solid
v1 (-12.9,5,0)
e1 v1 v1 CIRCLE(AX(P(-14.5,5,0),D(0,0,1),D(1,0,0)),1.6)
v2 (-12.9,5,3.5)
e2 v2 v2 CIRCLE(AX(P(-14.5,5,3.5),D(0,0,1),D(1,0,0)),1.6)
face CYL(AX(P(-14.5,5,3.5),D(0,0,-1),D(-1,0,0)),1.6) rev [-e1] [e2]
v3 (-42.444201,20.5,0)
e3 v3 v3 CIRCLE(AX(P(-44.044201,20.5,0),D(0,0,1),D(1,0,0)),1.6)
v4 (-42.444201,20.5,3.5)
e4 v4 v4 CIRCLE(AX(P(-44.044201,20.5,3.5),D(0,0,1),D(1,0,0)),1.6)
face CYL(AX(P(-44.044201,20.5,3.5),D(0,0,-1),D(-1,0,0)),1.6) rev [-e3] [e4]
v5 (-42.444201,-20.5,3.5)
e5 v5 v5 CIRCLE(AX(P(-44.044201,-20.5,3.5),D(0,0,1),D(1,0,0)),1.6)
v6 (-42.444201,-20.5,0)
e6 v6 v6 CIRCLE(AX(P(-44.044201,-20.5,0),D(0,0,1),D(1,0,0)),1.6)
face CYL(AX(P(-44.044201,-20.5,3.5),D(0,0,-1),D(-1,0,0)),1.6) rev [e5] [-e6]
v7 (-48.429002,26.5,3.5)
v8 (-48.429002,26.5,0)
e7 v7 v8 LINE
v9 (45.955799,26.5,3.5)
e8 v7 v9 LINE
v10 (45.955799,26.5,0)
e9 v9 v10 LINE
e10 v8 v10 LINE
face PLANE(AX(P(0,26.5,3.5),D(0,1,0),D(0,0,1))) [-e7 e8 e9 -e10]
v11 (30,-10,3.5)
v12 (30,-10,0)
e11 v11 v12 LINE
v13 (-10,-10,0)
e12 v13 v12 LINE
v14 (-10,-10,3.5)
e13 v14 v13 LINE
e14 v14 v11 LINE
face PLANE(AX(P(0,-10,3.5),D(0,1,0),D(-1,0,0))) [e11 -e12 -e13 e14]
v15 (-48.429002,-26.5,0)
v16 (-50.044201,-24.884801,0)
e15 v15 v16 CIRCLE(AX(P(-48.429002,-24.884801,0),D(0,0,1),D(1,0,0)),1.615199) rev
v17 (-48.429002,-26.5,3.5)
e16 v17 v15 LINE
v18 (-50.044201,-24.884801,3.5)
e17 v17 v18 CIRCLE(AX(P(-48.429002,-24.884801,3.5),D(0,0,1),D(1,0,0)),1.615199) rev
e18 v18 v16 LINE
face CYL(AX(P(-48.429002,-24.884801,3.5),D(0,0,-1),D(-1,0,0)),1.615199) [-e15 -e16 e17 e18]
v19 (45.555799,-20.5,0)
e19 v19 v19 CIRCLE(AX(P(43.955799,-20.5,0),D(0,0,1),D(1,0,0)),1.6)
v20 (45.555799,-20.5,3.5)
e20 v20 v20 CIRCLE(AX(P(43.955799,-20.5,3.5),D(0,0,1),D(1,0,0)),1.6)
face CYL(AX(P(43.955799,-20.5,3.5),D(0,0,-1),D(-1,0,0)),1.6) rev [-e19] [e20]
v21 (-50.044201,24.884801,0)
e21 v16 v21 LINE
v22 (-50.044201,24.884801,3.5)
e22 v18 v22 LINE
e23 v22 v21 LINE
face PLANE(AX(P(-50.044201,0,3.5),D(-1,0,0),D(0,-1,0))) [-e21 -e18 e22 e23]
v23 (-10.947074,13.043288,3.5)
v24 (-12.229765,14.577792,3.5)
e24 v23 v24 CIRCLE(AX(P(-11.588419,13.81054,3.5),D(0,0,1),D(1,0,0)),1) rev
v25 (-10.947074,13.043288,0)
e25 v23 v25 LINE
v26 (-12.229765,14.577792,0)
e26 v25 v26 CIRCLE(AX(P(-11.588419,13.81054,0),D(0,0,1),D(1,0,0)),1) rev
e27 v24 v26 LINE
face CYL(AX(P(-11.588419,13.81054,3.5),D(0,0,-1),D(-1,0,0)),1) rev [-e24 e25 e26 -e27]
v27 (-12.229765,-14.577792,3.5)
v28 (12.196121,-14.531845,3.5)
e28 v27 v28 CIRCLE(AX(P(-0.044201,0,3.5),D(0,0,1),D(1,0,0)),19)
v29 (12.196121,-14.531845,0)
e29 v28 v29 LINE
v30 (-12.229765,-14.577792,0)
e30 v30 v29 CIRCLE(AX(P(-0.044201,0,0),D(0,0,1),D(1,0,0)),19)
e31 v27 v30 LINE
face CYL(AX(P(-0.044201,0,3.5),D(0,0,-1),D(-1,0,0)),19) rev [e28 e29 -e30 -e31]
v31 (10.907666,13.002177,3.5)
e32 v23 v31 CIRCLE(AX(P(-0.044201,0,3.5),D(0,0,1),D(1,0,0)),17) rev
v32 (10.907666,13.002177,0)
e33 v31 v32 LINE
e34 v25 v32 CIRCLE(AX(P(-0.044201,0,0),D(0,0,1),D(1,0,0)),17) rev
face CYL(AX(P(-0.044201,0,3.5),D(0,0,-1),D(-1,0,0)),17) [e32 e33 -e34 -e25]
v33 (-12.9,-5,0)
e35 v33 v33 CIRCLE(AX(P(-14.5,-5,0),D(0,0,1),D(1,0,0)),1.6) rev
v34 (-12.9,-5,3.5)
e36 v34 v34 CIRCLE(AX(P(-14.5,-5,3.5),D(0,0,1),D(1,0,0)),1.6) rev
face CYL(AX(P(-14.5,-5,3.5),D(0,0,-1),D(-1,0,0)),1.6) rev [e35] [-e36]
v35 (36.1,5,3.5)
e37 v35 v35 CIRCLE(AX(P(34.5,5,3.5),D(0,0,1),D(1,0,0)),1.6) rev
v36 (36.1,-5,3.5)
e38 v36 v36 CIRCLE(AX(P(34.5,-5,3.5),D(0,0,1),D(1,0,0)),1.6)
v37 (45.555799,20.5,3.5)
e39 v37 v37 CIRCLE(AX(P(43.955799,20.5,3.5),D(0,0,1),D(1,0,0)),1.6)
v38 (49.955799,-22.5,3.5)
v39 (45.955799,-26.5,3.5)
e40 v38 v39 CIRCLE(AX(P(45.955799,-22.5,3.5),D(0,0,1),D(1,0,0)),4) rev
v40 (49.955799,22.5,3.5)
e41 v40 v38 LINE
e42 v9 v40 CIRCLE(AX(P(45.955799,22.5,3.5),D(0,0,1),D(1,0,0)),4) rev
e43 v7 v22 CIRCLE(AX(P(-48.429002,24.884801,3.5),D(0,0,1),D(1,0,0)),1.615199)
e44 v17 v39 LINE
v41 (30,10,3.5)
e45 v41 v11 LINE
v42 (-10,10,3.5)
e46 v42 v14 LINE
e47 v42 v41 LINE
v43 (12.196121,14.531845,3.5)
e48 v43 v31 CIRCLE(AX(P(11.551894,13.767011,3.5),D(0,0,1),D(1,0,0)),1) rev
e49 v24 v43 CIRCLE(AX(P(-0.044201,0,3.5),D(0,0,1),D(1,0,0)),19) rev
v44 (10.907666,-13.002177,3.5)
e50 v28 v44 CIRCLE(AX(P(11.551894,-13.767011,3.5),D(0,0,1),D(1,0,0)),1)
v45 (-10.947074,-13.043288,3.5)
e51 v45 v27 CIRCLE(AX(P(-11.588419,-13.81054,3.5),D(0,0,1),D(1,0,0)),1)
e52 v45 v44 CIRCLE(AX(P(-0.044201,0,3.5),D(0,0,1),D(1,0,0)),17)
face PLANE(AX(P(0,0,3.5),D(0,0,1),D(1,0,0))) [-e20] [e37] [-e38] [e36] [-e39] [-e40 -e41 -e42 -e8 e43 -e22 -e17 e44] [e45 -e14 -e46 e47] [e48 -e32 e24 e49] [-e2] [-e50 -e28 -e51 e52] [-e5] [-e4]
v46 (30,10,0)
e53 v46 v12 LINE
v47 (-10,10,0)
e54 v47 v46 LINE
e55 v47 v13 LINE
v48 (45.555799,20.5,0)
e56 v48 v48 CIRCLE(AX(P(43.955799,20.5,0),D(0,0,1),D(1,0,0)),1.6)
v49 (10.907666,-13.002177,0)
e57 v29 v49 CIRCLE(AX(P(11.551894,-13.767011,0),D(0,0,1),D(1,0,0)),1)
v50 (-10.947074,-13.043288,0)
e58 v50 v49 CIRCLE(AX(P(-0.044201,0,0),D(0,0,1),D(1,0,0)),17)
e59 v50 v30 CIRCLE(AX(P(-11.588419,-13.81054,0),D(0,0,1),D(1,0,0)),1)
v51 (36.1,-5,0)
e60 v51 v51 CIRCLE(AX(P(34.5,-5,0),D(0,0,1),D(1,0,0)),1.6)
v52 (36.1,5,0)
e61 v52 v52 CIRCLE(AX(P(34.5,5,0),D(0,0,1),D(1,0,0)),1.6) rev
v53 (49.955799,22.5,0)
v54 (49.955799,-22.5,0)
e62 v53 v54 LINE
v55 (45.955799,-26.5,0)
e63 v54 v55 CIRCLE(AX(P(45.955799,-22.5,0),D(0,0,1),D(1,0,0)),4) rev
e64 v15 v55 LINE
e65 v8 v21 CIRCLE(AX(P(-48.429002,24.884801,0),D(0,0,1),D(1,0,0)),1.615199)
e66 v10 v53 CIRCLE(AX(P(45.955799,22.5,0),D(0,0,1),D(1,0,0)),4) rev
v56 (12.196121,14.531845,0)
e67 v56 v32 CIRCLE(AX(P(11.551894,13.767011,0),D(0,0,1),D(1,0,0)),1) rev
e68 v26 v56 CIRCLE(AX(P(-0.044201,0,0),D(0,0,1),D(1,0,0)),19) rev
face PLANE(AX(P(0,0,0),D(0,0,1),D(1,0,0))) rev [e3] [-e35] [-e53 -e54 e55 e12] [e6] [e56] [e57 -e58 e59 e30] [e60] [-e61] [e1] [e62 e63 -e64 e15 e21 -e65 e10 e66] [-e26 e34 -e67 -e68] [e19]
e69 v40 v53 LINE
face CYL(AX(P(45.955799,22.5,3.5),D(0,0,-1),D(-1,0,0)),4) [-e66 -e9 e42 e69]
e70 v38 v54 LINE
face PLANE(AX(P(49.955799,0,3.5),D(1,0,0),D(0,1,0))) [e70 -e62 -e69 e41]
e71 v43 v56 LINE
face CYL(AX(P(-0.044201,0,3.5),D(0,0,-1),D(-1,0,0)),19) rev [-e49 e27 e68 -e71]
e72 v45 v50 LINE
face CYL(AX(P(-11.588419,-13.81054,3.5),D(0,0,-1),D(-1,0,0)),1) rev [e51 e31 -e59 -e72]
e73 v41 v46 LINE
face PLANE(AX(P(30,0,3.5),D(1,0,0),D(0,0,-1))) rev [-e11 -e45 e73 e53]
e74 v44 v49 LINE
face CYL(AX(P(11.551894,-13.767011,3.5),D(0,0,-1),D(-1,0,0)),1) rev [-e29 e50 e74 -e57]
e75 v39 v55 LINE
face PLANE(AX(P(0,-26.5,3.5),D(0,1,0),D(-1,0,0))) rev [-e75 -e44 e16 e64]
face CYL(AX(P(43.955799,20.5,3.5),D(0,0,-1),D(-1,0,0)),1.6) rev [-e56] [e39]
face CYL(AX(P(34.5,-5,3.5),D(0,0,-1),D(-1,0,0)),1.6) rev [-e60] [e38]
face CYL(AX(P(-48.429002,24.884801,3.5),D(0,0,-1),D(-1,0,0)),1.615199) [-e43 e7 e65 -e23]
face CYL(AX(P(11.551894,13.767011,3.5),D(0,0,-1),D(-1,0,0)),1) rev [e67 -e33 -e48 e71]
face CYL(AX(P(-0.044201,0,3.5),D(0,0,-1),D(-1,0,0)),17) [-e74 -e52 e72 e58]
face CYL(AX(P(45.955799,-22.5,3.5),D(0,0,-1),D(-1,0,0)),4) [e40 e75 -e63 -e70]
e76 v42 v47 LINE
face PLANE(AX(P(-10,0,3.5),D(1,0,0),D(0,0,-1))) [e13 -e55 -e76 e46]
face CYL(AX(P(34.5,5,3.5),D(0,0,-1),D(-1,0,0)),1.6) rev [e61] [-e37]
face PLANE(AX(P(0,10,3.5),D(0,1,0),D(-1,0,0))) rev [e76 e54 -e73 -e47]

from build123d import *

# Parameters (mm, degrees)
SKETCH1_R           = 1.6
SKETCH1_W           = 40
SKETCH1_H           = 20
BOSS_EXTRUDE1_DEPTH = 3.5


with BuildPart() as part:
    # Sketch1 → Boss-Extrude1 (new body)
    with BuildSketch(Plane.XY):
        with BuildLine():
            ThreePointArc((-50.044200549, -24.884800983), (-49.571119709, -26.026919161), (-48.429001531, -26.5))
            Line((-48.429001531, -26.5), (45.955799451, -26.5))
            ThreePointArc((45.955799451, -26.5), (48.784226576, -25.328427125), (49.955799451, -22.5))
            Line((49.955799451, -22.5), (49.955799451, 22.5))
            ThreePointArc((49.955799451, 22.5), (48.784226576, 25.328427125), (45.955799451, 26.5))
            Line((45.955799451, 26.5), (-48.429001531, 26.5))
            ThreePointArc((-48.429001531, 26.5), (-49.571119709, 26.026919161), (-50.044200549, 24.884800983))
            Line((-50.044200549, 24.884800983), (-50.044200549, -24.884800983))
        make_face()
        with Locations((-44.044200549, -20.5)):
            Circle(SKETCH1_R, mode=Mode.SUBTRACT)
        with Locations((-14.5, -5)):
            Circle(SKETCH1_R, mode=Mode.SUBTRACT)
        with BuildLine():
            ThreePointArc((12.196121371, -14.531845007), (-0.008459876, -18.999966384), (-12.229764581, -14.57779233))
            ThreePointArc((-12.229764581, -14.57779233), (-12.355671334, -13.169194626), (-10.94707363, -13.043287874))
            ThreePointArc((-10.94707363, -13.043287874), (-0.012222052, -16.999969923), (10.907666432, -13.002177111))
            ThreePointArc((10.907666432, -13.002177111), (12.31672785, -13.122783589), (12.196121371, -14.531845007))
        make_face(mode=Mode.SUBTRACT)
        with Locations((43.955799451, -20.5)):
            Circle(SKETCH1_R, mode=Mode.SUBTRACT)
        with Locations((34.5, -5)):
            Circle(SKETCH1_R, mode=Mode.SUBTRACT)
        with Locations((-14.5, 5)):
            Circle(SKETCH1_R, mode=Mode.SUBTRACT)
        with Locations((-44.044200549, 20.5)):
            Circle(SKETCH1_R, mode=Mode.SUBTRACT)
        with Locations((10, 0)):
            Rectangle(SKETCH1_W, SKETCH1_H, mode=Mode.SUBTRACT)
        with Locations((34.5, 5)):
            Circle(SKETCH1_R, mode=Mode.SUBTRACT)
        with BuildLine():
            ThreePointArc((-10.94707363, 13.043287874), (-12.355671334, 13.169194626), (-12.229764581, 14.57779233))
            ThreePointArc((-12.229764581, 14.57779233), (-0.008459876, 18.999966384), (12.196121371, 14.531845007))
            ThreePointArc((12.196121371, 14.531845007), (12.31672785, 13.122783589), (10.907666432, 13.002177111))
            ThreePointArc((10.907666432, 13.002177111), (-0.012222052, 16.999969923), (-10.94707363, 13.043287874))
        make_face(mode=Mode.SUBTRACT)
        with Locations((43.955799451, 20.5)):
            Circle(SKETCH1_R, mode=Mode.SUBTRACT)
    extrude(amount=BOSS_EXTRUDE1_DEPTH)


solid = part.part
